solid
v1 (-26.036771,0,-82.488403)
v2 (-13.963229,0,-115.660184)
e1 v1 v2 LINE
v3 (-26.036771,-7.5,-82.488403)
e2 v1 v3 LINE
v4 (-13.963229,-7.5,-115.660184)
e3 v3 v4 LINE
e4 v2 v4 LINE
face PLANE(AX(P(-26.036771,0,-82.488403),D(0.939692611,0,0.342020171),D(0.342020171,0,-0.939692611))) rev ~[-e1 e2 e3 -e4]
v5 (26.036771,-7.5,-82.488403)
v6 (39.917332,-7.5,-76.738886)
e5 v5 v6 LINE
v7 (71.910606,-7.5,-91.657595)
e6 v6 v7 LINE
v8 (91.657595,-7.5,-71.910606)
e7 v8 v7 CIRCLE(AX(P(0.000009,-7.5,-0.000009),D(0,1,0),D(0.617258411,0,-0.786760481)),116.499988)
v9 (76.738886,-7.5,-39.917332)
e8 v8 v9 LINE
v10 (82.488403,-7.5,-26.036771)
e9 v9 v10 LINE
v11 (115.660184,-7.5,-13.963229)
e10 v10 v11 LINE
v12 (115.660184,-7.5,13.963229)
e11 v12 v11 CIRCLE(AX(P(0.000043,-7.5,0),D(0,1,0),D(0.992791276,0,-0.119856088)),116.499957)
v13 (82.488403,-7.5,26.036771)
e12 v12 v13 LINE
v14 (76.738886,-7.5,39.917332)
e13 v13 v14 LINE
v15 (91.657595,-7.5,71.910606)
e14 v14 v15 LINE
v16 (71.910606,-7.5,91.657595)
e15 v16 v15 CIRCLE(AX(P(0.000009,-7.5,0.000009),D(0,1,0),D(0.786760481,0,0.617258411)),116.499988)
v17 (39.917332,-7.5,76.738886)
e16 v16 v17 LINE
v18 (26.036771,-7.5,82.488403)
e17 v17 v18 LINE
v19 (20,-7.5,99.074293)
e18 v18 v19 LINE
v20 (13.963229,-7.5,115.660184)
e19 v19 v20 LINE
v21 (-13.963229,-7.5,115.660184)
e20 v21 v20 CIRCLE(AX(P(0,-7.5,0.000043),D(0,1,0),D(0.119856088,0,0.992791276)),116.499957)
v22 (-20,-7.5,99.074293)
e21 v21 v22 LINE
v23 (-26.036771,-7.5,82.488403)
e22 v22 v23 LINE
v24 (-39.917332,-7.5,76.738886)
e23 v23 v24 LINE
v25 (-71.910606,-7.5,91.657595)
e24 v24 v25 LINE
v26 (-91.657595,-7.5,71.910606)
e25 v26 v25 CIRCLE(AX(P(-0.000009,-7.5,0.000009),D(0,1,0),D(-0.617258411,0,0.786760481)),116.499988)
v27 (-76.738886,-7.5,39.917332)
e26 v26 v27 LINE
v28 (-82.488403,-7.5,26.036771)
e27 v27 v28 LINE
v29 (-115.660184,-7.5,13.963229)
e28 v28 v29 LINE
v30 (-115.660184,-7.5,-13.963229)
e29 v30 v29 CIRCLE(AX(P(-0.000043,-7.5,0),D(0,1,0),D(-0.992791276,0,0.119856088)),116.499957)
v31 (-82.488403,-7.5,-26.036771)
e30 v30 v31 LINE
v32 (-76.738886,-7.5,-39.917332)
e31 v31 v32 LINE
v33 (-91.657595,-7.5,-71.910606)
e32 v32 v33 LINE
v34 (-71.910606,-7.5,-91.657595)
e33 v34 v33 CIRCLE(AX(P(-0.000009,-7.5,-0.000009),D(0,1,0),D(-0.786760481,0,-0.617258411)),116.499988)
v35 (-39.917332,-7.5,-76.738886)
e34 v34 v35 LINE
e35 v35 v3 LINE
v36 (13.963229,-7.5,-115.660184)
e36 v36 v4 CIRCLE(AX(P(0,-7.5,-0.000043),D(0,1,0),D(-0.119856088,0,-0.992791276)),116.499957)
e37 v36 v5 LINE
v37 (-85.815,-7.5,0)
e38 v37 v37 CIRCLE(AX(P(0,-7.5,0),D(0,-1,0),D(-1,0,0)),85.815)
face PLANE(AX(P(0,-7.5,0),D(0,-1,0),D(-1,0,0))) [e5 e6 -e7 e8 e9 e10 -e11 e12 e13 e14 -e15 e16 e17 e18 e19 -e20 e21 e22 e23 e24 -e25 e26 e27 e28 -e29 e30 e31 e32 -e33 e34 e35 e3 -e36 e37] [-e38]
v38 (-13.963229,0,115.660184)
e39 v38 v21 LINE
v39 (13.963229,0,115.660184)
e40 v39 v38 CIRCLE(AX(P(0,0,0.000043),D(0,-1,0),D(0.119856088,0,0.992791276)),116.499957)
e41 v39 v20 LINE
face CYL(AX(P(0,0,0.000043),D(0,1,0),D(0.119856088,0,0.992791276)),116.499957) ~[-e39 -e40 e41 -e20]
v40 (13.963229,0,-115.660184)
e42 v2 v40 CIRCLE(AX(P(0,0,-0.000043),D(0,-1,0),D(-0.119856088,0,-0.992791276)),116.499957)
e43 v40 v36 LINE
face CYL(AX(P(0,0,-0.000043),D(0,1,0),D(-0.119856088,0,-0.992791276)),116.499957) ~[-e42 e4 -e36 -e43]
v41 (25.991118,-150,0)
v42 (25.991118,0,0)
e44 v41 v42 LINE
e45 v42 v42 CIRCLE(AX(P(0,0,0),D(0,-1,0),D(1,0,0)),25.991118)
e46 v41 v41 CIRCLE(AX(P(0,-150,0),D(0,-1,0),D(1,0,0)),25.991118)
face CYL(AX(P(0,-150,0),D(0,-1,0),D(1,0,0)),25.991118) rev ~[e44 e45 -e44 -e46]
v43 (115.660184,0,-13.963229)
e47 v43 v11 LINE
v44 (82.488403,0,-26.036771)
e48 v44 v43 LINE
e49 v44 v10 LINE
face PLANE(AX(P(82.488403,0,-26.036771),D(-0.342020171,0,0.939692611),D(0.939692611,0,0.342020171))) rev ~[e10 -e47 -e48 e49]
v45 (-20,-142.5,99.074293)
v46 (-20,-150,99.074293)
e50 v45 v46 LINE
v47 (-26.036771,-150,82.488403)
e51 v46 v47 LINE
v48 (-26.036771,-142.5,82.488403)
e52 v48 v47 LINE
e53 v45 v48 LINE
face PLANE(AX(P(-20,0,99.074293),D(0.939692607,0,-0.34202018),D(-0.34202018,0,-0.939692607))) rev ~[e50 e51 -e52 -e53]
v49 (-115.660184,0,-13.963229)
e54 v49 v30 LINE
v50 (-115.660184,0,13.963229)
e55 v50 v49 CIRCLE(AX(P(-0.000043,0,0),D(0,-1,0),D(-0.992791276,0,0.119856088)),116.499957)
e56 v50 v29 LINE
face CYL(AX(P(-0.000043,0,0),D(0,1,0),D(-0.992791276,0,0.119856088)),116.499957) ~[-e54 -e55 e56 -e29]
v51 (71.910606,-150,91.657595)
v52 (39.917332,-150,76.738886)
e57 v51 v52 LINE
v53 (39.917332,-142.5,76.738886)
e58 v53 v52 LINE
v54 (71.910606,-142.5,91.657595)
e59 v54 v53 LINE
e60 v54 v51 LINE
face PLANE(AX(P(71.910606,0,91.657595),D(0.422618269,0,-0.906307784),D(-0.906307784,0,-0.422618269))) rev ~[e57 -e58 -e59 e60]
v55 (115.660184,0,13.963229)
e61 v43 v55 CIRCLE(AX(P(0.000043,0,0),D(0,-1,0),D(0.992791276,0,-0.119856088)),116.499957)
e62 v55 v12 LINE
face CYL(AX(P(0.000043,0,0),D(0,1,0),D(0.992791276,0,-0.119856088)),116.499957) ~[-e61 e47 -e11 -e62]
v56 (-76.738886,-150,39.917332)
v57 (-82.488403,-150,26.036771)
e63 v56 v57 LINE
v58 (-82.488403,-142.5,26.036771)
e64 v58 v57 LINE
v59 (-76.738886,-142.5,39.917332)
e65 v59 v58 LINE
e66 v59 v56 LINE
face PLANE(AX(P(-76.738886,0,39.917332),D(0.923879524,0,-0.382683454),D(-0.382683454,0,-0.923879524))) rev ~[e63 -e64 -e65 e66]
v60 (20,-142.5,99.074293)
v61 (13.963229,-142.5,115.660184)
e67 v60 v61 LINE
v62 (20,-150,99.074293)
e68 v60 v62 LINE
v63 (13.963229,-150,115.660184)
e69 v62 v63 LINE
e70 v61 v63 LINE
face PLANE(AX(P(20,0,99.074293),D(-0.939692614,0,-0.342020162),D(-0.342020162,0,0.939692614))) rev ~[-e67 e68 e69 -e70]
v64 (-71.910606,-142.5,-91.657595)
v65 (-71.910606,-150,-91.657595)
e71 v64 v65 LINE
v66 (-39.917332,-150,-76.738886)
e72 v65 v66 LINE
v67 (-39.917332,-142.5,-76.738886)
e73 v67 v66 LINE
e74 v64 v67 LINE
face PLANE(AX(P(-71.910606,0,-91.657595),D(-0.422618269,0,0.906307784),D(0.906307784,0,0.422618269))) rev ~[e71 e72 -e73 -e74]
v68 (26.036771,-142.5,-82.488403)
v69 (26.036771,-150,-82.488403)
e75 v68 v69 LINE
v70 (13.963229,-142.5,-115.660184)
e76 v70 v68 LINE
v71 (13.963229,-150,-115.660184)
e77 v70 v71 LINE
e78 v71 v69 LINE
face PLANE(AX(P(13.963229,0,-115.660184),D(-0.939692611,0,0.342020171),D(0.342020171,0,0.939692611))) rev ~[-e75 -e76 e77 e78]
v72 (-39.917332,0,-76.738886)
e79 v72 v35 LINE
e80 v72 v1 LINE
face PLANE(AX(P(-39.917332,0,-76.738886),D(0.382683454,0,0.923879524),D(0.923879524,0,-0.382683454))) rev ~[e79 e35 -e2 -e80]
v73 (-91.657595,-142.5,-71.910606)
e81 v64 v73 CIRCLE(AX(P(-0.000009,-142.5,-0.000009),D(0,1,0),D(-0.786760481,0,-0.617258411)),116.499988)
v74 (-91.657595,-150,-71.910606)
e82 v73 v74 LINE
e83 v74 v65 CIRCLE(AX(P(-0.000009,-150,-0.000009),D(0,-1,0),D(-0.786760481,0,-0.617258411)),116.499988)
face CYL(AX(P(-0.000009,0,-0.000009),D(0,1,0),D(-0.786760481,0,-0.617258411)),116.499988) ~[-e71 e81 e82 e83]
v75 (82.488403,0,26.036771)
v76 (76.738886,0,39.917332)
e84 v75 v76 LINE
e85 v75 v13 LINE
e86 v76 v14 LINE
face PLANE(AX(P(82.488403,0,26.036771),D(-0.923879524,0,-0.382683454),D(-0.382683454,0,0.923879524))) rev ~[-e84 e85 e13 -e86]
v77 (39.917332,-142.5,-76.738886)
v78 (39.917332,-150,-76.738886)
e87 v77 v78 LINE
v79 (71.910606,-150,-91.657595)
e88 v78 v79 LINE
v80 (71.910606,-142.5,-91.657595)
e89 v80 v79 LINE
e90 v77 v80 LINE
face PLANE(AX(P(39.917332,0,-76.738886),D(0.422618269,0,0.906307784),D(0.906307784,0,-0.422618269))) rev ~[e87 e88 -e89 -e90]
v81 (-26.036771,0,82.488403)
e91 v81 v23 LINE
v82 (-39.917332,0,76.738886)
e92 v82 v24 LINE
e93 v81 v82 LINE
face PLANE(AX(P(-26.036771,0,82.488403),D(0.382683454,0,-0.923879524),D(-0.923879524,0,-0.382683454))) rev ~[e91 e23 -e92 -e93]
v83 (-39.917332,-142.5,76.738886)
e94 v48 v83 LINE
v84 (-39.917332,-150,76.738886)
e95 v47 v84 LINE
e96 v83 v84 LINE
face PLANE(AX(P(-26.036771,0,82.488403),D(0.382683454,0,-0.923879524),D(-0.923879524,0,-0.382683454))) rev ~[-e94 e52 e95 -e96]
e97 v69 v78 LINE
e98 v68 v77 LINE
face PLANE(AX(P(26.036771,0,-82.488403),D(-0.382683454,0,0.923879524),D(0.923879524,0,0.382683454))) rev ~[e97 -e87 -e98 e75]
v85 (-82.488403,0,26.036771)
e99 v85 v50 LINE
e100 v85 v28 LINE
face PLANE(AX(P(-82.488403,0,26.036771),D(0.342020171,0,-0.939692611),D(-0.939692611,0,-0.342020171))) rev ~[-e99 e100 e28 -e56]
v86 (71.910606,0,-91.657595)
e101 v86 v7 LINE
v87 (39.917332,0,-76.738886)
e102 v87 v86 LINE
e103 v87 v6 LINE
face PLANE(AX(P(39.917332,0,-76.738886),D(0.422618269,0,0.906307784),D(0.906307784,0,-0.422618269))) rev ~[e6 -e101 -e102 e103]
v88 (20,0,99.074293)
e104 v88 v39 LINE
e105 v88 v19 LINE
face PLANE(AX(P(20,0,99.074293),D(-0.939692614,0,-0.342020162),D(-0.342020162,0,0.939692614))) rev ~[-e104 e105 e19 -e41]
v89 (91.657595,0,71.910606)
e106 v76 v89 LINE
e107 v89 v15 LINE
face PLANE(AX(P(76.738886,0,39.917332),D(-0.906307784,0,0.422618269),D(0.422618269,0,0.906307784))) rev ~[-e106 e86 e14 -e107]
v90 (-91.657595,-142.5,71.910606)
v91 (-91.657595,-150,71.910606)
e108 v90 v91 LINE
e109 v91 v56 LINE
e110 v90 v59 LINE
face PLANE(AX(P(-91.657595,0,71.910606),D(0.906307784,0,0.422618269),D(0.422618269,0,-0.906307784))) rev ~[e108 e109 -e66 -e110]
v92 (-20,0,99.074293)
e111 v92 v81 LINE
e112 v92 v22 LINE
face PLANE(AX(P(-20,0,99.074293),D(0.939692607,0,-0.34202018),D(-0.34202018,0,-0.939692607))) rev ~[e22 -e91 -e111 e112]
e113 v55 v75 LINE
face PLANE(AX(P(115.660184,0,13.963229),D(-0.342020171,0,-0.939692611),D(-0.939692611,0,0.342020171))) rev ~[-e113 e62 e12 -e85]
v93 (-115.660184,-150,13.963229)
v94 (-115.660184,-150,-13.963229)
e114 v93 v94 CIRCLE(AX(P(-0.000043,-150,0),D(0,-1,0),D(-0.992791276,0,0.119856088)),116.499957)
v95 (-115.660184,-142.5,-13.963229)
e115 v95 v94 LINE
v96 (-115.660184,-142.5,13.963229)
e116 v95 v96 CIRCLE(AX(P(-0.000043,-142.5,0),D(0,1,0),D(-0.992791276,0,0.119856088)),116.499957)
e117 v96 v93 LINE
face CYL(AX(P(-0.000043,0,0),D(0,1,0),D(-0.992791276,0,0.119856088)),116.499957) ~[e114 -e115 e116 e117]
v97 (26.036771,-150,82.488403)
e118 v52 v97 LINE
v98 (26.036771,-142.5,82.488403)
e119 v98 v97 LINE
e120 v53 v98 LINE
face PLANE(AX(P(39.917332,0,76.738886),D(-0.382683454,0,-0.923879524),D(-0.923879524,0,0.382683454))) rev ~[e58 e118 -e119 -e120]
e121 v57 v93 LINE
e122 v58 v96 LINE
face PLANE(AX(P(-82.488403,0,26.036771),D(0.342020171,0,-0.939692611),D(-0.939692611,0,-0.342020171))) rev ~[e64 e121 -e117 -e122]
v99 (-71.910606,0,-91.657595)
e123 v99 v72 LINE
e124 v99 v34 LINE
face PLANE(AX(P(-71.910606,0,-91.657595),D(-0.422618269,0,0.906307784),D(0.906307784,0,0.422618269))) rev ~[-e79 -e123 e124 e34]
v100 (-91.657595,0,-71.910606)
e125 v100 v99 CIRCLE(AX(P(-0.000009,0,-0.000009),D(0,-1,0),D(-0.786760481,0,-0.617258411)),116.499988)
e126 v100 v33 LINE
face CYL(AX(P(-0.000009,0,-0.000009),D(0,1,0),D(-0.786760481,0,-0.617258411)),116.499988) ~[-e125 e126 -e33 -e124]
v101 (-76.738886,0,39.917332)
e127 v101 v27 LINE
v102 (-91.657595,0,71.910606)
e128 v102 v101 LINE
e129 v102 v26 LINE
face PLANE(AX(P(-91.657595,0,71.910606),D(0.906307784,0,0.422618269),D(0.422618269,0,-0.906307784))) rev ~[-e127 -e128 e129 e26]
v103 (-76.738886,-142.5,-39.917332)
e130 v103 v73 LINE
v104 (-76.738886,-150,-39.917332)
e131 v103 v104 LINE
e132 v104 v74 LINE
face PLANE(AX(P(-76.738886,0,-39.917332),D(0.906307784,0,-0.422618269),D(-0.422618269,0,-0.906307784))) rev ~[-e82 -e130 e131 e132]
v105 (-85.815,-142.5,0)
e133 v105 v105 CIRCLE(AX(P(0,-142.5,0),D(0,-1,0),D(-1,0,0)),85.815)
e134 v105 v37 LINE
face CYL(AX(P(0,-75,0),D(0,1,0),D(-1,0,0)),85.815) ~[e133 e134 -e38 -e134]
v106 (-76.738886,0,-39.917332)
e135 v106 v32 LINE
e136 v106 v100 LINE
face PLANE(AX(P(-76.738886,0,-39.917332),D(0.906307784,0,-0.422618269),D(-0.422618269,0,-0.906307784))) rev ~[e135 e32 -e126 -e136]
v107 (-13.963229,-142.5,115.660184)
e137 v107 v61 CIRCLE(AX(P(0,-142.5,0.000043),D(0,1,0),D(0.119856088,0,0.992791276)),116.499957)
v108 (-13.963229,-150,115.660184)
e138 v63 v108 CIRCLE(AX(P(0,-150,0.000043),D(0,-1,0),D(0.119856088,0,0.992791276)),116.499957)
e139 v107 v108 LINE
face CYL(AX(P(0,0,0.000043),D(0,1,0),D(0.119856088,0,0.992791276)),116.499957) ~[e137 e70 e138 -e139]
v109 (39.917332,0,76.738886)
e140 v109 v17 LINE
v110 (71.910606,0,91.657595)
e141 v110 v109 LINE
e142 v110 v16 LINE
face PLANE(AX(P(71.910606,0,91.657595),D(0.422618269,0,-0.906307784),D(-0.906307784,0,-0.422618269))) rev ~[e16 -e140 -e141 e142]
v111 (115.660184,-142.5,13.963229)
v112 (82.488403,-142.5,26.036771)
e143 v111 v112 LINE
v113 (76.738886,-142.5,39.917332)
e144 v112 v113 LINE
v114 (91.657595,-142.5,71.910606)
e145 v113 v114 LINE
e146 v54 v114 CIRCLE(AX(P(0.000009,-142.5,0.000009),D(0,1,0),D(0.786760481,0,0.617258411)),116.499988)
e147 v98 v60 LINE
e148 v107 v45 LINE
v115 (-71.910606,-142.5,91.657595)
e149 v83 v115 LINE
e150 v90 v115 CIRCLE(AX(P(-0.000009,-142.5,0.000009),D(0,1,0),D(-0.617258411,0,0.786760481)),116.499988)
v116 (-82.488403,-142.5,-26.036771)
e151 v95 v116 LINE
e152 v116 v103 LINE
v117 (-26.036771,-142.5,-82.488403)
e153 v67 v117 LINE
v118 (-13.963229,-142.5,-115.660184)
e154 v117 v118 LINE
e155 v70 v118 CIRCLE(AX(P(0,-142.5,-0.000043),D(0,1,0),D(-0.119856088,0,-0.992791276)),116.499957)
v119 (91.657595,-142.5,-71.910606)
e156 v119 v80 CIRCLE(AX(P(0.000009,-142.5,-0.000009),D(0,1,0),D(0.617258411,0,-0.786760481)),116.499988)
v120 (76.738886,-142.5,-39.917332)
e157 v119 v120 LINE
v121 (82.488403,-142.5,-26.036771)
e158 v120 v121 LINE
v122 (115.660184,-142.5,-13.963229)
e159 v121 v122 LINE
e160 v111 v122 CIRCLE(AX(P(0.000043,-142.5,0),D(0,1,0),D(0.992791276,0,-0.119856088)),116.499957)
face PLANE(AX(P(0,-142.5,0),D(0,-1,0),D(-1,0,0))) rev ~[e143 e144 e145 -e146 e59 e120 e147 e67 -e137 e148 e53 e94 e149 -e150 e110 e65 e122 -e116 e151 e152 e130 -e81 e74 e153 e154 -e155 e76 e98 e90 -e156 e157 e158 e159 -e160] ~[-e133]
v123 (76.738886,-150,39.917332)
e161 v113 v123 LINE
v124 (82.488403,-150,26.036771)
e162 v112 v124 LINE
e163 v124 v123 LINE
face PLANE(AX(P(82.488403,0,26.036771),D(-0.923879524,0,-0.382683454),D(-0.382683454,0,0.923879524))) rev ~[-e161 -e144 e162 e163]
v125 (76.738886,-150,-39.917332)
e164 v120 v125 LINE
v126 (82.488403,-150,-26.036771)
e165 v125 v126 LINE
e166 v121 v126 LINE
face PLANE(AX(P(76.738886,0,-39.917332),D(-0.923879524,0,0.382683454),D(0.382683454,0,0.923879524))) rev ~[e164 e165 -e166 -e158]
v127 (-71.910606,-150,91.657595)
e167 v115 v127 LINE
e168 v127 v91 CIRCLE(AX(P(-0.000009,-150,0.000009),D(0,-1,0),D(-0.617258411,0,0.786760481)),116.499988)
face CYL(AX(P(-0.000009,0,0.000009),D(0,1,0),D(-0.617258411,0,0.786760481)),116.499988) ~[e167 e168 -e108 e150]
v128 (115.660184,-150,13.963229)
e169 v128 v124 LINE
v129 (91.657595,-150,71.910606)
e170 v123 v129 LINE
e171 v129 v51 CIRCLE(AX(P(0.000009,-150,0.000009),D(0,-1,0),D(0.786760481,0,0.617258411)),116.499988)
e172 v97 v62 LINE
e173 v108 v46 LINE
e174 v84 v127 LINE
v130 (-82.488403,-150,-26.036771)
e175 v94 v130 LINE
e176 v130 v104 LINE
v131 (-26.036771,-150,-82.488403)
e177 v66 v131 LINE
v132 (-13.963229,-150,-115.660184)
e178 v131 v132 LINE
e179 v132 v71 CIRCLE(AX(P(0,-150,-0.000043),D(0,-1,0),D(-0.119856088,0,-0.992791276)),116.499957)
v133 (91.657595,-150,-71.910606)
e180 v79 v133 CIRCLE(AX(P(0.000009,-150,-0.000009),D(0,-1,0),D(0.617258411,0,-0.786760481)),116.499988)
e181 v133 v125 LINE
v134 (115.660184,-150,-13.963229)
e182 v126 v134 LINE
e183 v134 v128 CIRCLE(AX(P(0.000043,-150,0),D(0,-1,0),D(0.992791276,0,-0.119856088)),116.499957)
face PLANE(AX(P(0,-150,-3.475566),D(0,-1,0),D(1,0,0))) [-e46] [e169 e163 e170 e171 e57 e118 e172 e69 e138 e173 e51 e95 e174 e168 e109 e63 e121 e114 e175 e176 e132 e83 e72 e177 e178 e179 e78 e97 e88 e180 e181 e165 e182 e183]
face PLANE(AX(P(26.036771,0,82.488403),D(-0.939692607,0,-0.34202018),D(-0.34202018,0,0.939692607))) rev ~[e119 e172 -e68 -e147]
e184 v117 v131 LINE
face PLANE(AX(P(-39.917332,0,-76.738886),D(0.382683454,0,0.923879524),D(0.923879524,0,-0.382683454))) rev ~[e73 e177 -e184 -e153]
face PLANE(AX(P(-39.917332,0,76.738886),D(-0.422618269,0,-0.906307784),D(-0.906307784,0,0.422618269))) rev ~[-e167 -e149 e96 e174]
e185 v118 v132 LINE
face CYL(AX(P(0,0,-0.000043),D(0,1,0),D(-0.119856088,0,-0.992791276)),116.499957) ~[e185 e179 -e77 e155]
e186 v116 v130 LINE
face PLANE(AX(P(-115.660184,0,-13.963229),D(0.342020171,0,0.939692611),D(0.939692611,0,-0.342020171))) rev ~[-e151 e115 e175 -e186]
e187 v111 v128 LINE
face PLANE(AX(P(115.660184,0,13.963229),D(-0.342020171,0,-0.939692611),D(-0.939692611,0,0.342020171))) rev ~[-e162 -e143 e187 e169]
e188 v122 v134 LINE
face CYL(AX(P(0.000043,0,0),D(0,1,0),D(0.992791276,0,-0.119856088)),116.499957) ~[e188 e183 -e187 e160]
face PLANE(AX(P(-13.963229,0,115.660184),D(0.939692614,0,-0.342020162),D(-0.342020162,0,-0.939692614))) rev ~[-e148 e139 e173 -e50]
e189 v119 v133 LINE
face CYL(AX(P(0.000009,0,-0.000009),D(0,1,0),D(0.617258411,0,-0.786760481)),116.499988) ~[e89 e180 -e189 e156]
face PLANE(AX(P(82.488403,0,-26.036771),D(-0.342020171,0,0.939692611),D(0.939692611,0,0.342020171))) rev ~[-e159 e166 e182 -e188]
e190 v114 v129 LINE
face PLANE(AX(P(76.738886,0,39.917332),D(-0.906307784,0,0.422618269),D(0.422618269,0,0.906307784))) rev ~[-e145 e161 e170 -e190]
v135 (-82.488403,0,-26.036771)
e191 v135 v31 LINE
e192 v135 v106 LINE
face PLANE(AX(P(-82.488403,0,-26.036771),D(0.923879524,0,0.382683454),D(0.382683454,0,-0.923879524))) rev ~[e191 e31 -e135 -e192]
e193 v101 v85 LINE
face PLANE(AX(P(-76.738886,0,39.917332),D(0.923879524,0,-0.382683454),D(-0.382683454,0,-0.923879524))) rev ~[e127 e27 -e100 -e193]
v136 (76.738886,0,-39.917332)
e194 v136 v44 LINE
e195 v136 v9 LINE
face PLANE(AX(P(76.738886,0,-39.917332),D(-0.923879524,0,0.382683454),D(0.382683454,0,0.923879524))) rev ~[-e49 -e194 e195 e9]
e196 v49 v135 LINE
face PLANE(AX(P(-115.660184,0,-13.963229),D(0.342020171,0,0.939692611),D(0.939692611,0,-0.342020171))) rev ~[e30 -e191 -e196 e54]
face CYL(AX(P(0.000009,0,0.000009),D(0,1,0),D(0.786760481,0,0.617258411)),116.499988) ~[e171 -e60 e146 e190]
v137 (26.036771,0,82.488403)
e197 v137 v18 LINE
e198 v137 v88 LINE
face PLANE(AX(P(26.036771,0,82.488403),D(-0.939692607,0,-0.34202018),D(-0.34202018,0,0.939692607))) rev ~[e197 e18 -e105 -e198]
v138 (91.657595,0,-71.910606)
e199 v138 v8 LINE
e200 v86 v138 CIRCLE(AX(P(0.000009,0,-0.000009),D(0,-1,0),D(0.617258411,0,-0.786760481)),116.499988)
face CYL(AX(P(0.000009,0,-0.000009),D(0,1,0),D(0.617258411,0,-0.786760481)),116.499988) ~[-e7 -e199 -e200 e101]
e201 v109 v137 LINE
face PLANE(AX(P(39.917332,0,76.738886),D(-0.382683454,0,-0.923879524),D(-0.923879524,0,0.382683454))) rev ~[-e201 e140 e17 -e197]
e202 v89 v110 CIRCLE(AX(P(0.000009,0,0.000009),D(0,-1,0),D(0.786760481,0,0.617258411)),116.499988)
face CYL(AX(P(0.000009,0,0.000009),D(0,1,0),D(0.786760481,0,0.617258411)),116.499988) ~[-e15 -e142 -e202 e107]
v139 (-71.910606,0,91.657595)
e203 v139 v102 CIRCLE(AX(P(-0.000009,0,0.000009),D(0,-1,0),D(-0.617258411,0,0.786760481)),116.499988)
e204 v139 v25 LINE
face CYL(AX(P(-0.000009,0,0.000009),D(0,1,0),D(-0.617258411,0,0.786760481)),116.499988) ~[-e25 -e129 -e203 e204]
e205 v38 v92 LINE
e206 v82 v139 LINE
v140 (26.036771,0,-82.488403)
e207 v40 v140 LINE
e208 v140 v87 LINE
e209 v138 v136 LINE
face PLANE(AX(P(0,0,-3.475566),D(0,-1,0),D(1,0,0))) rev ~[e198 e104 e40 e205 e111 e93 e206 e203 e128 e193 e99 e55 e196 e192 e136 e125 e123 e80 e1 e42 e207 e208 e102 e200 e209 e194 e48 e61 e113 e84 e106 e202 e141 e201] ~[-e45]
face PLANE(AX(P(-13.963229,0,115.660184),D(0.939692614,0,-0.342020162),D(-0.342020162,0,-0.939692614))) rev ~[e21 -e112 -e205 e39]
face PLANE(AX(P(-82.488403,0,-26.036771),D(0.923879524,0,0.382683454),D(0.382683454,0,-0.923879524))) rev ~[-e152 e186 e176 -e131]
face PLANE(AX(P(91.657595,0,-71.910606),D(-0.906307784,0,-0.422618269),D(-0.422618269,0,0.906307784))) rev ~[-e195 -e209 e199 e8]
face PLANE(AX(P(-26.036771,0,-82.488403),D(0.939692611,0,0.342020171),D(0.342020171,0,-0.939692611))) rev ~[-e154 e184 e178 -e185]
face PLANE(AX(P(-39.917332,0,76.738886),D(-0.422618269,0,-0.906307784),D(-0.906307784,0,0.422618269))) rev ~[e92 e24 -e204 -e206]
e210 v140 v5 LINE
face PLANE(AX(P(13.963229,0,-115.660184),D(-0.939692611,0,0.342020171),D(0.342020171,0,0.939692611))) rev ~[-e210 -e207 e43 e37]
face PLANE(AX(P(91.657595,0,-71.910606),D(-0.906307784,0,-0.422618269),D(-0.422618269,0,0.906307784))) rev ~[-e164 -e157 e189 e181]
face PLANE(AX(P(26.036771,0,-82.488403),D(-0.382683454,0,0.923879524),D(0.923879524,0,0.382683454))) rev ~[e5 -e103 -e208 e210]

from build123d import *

# Parameters (mm, degrees)
F1_DEPTH = 150
F2_W     = 60
F2_H     = 135
F4_R     = 25.991118
F5_DEPTH = 150.001


with BuildPart() as f1:
    # F0 (on Front) → F1 (new body)
    with BuildSketch(Plane.XZ):
        with BuildLine():
            Line((26.036771, 82.488403), (20, 99.074293))
            Line((20, 99.074293), (-20, 99.074293))
            Line((-20, 99.074293), (-26.036771, 82.488403))
            Line((-26.036771, 82.488403), (-39.917332, 76.738886))
            Line((-39.917332, 76.738886), (-71.910606, 91.657595))
            ThreePointArc((-71.910606, 91.657595), (-82.37794, 82.37794), (-91.657595, 71.910606))
            Line((-91.657595, 71.910606), (-76.738886, 39.917332))
            Line((-76.738886, 39.917332), (-82.488403, 26.036771))
            Line((-82.488403, 26.036771), (-115.660184, 13.963229))
            ThreePointArc((-115.660184, 13.963229), (-116.5, 0), (-115.660184, -13.963229))
            Line((-115.660184, -13.963229), (-82.488403, -26.036771))
            Line((-82.488403, -26.036771), (-76.738886, -39.917332))
            Line((-76.738886, -39.917332), (-91.657595, -71.910606))
            ThreePointArc((-91.657595, -71.910606), (-82.37794, -82.37794), (-71.910606, -91.657595))
            Line((-71.910606, -91.657595), (-39.917332, -76.738886))
            Line((-39.917332, -76.738886), (-26.036771, -82.488403))
            Line((-26.036771, -82.488403), (-13.963229, -115.660184))
            ThreePointArc((-13.963229, -115.660184), (0, -116.5), (13.963229, -115.660184))
            Line((13.963229, -115.660184), (26.036771, -82.488403))
            Line((26.036771, -82.488403), (39.917332, -76.738886))
            Line((39.917332, -76.738886), (71.910606, -91.657595))
            ThreePointArc((71.910606, -91.657595), (82.37794, -82.37794), (91.657595, -71.910606))
            Line((91.657595, -71.910606), (76.738886, -39.917332))
            Line((76.738886, -39.917332), (82.488403, -26.036771))
            Line((82.488403, -26.036771), (115.660184, -13.963229))
            ThreePointArc((115.660184, -13.963229), (116.5, 0), (115.660184, 13.963229))
            Line((115.660184, 13.963229), (82.488403, 26.036771))
            Line((82.488403, 26.036771), (76.738886, 39.917332))
            Line((76.738886, 39.917332), (91.657595, 71.910606))
            ThreePointArc((91.657595, 71.910606), (82.37794, 82.37794), (71.910606, 91.657595))
            Line((71.910606, 91.657595), (39.917332, 76.738886))
            Line((39.917332, 76.738886), (26.036771, 82.488403))
        make_face()
        with BuildLine():
            Line((20, 99.074293), (13.963229, 115.660184))
            ThreePointArc((13.963229, 115.660184), (0, 116.5), (-13.963229, 115.660184))
            Line((-13.963229, 115.660184), (-20, 99.074293))
            Line((-20, 99.074293), (20, 99.074293))
        make_face()
    extrude(amount=F1_DEPTH)

    # F2 (on Top) → F3 (revolve, cut)
    with BuildSketch(Plane.XY):
        with Locations((-115.815, -75)):
            Rectangle(F2_W, F2_H)
    revolve(axis=Axis((0, -79.557486, 0), (0, -1, 0)), mode=Mode.SUBTRACT)

    # F4 (on face) → F5 (cut, through all)
    with BuildSketch(Plane.XZ.offset(150)):
        Circle(F4_R)
    extrude(amount=-F5_DEPTH, mode=Mode.SUBTRACT)


solid = f1.part
